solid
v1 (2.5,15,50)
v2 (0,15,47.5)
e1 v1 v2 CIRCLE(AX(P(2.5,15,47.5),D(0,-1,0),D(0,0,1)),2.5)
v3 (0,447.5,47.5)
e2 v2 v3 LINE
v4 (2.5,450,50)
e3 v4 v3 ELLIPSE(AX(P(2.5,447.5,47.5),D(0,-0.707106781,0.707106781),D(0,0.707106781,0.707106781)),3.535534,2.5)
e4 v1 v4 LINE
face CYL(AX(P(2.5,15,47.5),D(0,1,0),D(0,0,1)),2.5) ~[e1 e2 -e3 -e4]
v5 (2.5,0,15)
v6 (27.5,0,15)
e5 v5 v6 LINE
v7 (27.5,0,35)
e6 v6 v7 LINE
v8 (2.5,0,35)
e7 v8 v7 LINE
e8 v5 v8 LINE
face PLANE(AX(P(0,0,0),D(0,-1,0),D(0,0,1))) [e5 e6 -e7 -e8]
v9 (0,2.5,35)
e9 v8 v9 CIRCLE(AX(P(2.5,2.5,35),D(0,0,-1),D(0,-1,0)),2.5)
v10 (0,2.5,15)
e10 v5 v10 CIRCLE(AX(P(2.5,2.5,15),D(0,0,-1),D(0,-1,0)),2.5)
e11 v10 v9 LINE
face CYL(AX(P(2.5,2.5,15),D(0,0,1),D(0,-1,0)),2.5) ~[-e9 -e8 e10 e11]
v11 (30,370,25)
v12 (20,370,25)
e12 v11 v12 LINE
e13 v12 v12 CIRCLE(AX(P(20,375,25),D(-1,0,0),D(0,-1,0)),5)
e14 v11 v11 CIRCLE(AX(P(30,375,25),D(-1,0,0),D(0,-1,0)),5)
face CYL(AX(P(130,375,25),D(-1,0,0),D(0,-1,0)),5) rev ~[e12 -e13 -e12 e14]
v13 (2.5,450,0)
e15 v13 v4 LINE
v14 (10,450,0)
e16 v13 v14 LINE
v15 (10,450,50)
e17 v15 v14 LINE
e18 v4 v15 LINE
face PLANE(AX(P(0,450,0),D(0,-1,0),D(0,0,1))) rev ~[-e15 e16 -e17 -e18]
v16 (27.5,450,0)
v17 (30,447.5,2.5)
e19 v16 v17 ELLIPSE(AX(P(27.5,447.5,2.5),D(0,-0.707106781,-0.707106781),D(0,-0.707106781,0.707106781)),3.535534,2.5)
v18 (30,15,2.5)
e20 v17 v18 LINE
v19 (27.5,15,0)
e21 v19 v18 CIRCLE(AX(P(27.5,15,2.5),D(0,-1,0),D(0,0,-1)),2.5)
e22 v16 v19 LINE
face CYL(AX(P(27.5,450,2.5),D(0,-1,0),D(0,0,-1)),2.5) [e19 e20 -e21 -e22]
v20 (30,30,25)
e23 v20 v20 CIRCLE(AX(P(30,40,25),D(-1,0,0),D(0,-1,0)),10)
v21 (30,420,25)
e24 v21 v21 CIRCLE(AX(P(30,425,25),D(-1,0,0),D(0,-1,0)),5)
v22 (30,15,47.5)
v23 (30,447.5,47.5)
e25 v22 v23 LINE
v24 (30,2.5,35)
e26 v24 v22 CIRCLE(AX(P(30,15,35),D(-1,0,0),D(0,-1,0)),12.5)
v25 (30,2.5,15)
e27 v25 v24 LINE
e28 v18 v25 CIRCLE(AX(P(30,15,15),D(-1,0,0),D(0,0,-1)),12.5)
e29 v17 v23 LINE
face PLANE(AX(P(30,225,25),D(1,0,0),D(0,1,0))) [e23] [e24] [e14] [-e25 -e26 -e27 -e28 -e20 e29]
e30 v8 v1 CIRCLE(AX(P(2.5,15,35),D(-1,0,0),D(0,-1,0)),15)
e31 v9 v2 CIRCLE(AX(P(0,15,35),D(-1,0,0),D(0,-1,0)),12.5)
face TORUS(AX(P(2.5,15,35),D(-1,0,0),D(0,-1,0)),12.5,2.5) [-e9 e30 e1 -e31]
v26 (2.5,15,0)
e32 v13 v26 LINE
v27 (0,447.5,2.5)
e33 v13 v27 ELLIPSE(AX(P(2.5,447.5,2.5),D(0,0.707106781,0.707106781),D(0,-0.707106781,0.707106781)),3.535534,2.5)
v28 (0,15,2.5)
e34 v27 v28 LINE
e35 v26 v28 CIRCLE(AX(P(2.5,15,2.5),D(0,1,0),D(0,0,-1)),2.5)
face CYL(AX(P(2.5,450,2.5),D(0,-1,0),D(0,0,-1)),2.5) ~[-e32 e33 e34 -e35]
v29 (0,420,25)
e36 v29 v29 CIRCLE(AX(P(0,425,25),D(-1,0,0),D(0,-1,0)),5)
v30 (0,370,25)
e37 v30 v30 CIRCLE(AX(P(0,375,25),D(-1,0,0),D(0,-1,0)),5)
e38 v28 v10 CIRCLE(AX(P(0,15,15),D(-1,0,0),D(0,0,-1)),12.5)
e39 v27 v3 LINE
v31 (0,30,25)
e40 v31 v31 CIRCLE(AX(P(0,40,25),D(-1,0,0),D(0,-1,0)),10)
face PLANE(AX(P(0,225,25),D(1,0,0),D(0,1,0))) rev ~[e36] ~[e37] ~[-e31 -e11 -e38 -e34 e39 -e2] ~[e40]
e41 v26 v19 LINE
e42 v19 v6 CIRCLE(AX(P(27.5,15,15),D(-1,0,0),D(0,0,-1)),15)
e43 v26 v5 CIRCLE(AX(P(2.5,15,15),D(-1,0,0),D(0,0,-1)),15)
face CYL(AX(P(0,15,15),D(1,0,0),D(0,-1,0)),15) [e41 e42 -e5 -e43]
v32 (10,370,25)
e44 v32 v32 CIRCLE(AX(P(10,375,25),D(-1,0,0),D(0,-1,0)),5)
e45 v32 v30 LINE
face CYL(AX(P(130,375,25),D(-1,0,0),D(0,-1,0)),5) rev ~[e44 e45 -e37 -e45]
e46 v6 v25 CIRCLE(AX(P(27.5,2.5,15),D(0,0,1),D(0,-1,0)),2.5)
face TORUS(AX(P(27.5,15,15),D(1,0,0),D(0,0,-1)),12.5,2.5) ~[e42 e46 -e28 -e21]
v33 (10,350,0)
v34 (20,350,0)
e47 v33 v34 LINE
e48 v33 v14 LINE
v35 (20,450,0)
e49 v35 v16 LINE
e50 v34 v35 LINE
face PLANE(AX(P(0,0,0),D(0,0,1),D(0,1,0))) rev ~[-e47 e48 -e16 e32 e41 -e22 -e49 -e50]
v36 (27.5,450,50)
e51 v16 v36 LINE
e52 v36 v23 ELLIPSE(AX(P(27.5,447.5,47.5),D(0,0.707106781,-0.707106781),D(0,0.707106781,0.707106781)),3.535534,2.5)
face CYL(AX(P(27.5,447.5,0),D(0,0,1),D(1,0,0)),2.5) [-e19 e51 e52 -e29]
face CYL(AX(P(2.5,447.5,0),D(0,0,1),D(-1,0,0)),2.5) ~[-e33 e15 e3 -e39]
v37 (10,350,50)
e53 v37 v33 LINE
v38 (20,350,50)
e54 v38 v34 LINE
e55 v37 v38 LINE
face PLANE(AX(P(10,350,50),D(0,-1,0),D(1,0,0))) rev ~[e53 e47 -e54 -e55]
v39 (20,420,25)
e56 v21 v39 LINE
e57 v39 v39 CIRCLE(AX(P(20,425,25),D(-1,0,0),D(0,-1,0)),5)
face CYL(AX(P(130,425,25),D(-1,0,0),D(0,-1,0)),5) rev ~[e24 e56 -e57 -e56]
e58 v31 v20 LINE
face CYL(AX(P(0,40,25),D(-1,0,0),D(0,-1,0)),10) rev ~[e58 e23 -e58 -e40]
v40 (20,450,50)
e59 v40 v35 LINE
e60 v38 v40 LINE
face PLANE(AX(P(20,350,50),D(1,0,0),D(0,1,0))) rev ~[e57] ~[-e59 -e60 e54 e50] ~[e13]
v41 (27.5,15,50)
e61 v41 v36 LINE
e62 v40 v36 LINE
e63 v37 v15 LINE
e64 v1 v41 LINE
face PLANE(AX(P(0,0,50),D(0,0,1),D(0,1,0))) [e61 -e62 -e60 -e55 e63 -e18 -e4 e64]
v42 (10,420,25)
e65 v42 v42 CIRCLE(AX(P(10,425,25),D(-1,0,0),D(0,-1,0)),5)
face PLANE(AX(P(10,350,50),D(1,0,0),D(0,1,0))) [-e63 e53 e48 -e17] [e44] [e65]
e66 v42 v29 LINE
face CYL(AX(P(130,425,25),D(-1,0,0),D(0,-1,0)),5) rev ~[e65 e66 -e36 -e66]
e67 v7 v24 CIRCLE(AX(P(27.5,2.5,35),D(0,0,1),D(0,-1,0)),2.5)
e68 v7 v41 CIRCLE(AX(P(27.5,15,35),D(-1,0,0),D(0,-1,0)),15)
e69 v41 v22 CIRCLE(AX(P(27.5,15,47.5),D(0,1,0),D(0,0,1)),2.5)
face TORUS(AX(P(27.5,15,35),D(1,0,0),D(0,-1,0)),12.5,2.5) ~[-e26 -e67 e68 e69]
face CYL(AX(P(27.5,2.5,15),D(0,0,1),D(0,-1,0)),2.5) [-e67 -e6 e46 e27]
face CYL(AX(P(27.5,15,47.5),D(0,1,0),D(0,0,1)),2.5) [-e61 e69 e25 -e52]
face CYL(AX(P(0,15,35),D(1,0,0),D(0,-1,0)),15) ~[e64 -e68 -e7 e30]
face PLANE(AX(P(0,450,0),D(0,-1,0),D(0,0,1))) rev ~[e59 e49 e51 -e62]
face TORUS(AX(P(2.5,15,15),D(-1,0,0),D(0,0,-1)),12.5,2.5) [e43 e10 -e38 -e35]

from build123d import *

# Parameters (mm, degrees)
F0_W     = 450
F0_H     = 50
F1_DEPTH = 30
F2_R     = 15
F3_W     = 10
F3_H     = 100
F4_DEPTH = 50.001
F5_R     = 2.5
F7_D     = 10
F7_DEPTH = 100
F8_R     = 10
F9_DEPTH = 30.001


with BuildPart() as f1:
    # F0 (on Right) → F1 (new body)
    with BuildSketch(Plane.YZ):
        with Locations((225, 25)):
            Rectangle(F0_W, F0_H)
    extrude(amount=F1_DEPTH)

    # F2
    f2_edges = [f1.edges().sort_by_distance(p)[0] for p in [
        (15, 0, 50),
        (15, 0, 0),
    ]]
    fillet(f2_edges, radius=F2_R)

    # F3 (on face) → F4 (cut, through all)
    with BuildSketch(Plane.XY.offset(50)):
        with Locations((15, 400)):
            Rectangle(F3_W, F3_H)
    extrude(amount=-F4_DEPTH, mode=Mode.SUBTRACT)

    # F5
    f5_edges = [f1.edges().sort_by_distance(p)[0] for p in [
        (30, 0, 25),
        (30, 4.393398, 45.606602),
        (30, 4.393398, 4.393398),
        (30, 232.5, 50),
        (30, 232.5, 0),
        (30, 450, 25),
        (0, 0, 25),
        (0, 4.393398, 45.606602),
        (0, 4.393398, 4.393398),
        (0, 232.5, 50),
        (0, 232.5, 0),
        (0, 450, 25),
    ]]
    fillet(f5_edges, radius=F5_R)

    # F7
    with Locations(Plane.YZ.offset(30)):
        with Locations((375, 25), (425, 25)):
            Hole(F7_D / 2, depth=F7_DEPTH)

    # F8 (on face) → F9 (cut, through all)
    with BuildSketch(Plane(origin=(0, 0, 0), x_dir=(0, -1, 0), z_dir=(-1, 0, 0))):
        with Locations((-40, 25)):
            Circle(F8_R)
    extrude(amount=-F9_DEPTH, mode=Mode.SUBTRACT)


solid = f1.part
